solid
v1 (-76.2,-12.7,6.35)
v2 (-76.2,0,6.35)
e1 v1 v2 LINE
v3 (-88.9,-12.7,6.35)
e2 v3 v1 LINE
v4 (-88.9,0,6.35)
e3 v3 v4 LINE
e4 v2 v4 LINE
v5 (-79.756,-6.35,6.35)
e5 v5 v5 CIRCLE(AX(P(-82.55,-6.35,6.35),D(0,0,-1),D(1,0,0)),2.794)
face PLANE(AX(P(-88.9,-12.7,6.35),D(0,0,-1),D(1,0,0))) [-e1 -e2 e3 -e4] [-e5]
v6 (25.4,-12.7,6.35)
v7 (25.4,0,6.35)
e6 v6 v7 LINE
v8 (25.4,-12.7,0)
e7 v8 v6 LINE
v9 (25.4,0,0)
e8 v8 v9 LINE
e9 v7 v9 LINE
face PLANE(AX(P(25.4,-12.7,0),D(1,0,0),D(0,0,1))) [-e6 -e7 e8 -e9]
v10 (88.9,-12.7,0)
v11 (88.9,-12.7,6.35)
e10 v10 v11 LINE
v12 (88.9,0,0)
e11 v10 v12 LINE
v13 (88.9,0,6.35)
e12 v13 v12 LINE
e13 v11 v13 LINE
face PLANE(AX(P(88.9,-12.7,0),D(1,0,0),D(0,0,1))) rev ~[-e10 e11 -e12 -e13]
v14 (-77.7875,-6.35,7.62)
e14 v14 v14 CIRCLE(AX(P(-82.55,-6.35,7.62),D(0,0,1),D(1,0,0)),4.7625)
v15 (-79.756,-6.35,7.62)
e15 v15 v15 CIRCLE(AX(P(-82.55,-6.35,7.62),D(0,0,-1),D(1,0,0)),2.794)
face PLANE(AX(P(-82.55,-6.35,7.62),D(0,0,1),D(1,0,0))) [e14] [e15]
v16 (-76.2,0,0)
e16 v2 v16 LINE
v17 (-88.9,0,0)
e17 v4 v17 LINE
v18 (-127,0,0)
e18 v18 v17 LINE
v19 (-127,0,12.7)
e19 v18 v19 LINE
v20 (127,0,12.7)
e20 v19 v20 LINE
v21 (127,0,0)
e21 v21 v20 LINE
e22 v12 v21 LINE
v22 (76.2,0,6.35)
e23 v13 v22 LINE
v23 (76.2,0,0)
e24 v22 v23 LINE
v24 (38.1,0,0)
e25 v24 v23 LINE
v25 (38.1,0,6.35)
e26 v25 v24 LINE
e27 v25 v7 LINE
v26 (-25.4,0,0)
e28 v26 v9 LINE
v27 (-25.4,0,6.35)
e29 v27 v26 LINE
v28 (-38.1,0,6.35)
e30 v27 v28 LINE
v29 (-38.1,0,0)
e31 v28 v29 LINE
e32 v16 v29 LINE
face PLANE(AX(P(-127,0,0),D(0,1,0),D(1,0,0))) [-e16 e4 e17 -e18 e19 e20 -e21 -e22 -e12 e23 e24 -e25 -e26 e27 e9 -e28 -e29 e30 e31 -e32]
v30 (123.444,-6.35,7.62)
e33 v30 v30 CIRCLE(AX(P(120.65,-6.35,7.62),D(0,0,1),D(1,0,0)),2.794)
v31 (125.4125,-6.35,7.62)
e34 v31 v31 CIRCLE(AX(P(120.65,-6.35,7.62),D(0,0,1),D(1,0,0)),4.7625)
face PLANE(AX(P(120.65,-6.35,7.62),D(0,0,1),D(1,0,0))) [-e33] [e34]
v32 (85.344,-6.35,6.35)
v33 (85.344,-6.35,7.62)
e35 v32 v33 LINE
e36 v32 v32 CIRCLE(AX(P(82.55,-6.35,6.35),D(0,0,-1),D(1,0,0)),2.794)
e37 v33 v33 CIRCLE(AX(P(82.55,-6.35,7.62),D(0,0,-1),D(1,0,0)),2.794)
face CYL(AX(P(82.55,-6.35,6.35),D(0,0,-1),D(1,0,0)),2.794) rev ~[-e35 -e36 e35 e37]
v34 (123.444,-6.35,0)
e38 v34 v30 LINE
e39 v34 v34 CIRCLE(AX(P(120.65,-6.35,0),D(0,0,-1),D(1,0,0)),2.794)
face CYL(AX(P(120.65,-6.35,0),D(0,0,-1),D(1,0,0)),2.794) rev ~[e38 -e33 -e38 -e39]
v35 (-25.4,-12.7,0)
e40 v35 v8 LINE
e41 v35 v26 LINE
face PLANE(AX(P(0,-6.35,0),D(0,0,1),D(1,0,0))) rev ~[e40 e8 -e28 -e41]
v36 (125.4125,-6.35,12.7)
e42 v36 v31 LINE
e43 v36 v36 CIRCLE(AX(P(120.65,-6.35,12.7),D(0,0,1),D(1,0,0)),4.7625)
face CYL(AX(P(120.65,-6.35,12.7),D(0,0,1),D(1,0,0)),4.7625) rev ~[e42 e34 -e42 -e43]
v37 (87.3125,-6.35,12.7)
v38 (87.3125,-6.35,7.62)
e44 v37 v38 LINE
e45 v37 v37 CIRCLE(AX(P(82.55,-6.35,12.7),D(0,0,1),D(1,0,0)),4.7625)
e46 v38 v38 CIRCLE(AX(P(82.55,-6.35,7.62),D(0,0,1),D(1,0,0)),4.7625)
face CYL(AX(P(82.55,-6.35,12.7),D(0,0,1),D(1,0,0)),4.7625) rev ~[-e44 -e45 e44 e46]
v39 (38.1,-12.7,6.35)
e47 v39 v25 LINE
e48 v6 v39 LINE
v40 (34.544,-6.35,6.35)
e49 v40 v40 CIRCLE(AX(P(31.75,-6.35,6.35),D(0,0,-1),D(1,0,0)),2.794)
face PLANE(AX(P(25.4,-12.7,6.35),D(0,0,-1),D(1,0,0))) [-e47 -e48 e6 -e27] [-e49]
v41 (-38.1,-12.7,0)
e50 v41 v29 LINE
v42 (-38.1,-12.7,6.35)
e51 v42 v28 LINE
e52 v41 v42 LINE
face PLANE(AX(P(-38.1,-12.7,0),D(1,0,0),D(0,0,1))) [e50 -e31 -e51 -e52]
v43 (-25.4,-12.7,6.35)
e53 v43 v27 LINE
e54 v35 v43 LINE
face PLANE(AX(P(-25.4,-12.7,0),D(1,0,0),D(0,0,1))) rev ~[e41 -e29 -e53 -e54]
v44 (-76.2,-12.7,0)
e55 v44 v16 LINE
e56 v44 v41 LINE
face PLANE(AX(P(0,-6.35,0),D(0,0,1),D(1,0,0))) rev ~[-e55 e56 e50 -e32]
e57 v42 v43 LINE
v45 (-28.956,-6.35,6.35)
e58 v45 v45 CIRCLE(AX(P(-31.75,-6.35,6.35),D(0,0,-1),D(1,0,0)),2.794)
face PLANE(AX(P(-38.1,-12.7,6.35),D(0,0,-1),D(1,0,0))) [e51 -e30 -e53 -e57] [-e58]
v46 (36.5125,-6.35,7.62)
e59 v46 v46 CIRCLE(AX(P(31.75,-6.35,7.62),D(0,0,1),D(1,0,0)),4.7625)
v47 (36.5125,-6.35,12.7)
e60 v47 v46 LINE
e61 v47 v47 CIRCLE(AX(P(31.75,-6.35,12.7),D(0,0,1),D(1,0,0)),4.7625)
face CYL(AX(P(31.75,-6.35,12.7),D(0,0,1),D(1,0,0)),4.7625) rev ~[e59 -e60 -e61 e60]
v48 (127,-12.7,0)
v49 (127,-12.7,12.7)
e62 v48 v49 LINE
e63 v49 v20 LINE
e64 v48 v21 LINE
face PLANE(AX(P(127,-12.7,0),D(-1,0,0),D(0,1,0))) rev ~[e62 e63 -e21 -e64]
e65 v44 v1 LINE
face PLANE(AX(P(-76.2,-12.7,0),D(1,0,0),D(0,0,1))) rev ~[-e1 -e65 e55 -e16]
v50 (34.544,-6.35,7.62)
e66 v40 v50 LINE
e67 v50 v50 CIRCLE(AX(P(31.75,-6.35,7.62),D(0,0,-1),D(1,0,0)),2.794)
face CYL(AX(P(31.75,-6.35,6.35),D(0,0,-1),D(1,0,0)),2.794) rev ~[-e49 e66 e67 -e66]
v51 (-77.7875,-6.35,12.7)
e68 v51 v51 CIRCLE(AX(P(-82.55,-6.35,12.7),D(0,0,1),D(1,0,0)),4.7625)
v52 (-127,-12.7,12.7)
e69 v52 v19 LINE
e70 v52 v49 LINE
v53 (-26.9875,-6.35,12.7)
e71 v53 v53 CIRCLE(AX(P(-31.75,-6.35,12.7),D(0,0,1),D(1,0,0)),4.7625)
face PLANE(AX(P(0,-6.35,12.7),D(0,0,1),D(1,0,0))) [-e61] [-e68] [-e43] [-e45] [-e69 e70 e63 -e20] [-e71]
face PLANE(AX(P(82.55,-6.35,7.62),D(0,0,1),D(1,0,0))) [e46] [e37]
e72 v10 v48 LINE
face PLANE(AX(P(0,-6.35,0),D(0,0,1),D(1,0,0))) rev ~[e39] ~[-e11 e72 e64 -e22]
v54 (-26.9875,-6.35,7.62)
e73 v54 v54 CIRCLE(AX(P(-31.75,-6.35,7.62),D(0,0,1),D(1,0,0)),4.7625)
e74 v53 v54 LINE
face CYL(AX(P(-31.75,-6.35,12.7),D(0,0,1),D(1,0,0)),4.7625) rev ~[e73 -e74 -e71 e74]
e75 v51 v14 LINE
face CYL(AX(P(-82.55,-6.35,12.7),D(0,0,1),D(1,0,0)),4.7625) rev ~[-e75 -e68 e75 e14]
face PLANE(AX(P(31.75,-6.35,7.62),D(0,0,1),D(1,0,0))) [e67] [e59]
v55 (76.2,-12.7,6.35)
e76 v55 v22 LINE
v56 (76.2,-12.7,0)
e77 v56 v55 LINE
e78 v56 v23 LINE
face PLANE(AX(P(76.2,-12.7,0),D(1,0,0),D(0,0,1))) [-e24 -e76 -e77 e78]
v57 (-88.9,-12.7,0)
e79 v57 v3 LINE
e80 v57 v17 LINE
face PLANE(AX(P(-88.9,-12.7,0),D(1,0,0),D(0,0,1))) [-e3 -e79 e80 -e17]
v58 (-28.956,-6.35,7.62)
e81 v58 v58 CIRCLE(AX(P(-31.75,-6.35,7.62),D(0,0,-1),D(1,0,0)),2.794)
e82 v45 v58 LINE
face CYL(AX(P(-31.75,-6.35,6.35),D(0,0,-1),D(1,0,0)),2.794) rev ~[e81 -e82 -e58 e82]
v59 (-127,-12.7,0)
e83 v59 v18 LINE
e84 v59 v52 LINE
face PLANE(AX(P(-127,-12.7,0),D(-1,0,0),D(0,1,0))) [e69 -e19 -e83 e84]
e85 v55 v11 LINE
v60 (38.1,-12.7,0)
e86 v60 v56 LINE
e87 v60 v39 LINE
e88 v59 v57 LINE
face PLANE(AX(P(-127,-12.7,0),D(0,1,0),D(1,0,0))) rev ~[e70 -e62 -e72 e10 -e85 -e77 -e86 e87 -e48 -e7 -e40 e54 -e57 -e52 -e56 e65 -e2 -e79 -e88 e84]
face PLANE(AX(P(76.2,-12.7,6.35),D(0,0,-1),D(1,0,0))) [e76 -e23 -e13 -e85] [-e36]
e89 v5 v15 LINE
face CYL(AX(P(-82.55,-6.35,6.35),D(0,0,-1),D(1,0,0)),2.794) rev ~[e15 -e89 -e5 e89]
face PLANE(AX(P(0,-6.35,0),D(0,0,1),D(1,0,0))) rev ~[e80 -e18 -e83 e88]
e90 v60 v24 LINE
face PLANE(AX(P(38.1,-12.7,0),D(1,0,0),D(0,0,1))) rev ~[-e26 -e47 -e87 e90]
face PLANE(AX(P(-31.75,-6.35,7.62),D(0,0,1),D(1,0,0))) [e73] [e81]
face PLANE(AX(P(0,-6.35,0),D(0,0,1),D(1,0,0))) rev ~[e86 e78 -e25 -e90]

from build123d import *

# Parameters (mm, degrees)
F0_W      = 254
F0_H      = 12.7
F1_DEPTH  = 12.7
F2_W      = 12.7
F2_H      = 6.35
F3_DEPTH  = 12.701
F4_R      = 2.794
F5_DEPTH  = 6.351
F6_R      = 4.7625
F7_DEPTH  = 5.08
F8_R      = 2.794
F9_DEPTH  = 12.701
F10_R     = 4.7625
F10_R_2   = 2.794
F11_DEPTH = 5.08


with BuildPart() as f1:
    # F0 (on Top) → F1 (new body)
    with BuildSketch(Plane.XY):
        with Locations((0, -6.35)):
            Rectangle(F0_W, F0_H)
    extrude(amount=F1_DEPTH)

    # F2 (on face) → F3 (cut, through all)
    with BuildSketch(Plane.XZ.offset(12.7)):
        with Locations((82.55, 3.175)):
            Rectangle(F2_W, F2_H)
        with Locations((31.75, 3.175)):
            Rectangle(F2_W, F2_H)
        with Locations((-31.75, 3.175)):
            Rectangle(F2_W, F2_H)
        with Locations((-82.55, 3.175)):
            Rectangle(F2_W, F2_H)
    extrude(amount=-F3_DEPTH, mode=Mode.SUBTRACT)

    # F4 (on face) → F5 (cut, through all)
    with BuildSketch(Plane(origin=(0, 0, 6.35), x_dir=(1, 0, 0), z_dir=(0, 0, -1))):
        with Locations((82.55, 6.35)):
            Circle(F4_R)
        with Locations((31.75, 6.35)):
            Circle(F4_R)
        with Locations((-82.55, 6.35)):
            Circle(F4_R)
        with Locations((-31.75, 6.35)):
            Circle(F4_R)
    extrude(amount=-F5_DEPTH, mode=Mode.SUBTRACT)

    # F6 (on face) → F7 (cut)
    with BuildSketch(Plane.XY.offset(12.7)):
        with Locations((82.55, -6.35)):
            Circle(F6_R)
        with Locations((31.75, -6.35)):
            Circle(F6_R)
        with Locations((-82.55, -6.35)):
            Circle(F6_R)
        with Locations((-31.75, -6.35)):
            Circle(F6_R)
    extrude(amount=-F7_DEPTH, mode=Mode.SUBTRACT)

    # F8 (on face) → F9 (cut, through all)
    with BuildSketch(Plane(origin=(0, 0, 0), x_dir=(1, 0, 0), z_dir=(0, 0, -1))):
        with Locations((120.65, 6.35)):
            Circle(F8_R)
    extrude(amount=-F9_DEPTH, mode=Mode.SUBTRACT)

    # F10 (on face) → F11 (cut)
    with BuildSketch(Plane.XY.offset(12.7)):
        with Locations((120.65, -6.35)):
            Circle(F10_R)
        with Locations((120.65, -6.35)):
            Circle(F10_R_2, mode=Mode.SUBTRACT)
    extrude(amount=-F11_DEPTH, mode=Mode.SUBTRACT)


solid = f1.part
